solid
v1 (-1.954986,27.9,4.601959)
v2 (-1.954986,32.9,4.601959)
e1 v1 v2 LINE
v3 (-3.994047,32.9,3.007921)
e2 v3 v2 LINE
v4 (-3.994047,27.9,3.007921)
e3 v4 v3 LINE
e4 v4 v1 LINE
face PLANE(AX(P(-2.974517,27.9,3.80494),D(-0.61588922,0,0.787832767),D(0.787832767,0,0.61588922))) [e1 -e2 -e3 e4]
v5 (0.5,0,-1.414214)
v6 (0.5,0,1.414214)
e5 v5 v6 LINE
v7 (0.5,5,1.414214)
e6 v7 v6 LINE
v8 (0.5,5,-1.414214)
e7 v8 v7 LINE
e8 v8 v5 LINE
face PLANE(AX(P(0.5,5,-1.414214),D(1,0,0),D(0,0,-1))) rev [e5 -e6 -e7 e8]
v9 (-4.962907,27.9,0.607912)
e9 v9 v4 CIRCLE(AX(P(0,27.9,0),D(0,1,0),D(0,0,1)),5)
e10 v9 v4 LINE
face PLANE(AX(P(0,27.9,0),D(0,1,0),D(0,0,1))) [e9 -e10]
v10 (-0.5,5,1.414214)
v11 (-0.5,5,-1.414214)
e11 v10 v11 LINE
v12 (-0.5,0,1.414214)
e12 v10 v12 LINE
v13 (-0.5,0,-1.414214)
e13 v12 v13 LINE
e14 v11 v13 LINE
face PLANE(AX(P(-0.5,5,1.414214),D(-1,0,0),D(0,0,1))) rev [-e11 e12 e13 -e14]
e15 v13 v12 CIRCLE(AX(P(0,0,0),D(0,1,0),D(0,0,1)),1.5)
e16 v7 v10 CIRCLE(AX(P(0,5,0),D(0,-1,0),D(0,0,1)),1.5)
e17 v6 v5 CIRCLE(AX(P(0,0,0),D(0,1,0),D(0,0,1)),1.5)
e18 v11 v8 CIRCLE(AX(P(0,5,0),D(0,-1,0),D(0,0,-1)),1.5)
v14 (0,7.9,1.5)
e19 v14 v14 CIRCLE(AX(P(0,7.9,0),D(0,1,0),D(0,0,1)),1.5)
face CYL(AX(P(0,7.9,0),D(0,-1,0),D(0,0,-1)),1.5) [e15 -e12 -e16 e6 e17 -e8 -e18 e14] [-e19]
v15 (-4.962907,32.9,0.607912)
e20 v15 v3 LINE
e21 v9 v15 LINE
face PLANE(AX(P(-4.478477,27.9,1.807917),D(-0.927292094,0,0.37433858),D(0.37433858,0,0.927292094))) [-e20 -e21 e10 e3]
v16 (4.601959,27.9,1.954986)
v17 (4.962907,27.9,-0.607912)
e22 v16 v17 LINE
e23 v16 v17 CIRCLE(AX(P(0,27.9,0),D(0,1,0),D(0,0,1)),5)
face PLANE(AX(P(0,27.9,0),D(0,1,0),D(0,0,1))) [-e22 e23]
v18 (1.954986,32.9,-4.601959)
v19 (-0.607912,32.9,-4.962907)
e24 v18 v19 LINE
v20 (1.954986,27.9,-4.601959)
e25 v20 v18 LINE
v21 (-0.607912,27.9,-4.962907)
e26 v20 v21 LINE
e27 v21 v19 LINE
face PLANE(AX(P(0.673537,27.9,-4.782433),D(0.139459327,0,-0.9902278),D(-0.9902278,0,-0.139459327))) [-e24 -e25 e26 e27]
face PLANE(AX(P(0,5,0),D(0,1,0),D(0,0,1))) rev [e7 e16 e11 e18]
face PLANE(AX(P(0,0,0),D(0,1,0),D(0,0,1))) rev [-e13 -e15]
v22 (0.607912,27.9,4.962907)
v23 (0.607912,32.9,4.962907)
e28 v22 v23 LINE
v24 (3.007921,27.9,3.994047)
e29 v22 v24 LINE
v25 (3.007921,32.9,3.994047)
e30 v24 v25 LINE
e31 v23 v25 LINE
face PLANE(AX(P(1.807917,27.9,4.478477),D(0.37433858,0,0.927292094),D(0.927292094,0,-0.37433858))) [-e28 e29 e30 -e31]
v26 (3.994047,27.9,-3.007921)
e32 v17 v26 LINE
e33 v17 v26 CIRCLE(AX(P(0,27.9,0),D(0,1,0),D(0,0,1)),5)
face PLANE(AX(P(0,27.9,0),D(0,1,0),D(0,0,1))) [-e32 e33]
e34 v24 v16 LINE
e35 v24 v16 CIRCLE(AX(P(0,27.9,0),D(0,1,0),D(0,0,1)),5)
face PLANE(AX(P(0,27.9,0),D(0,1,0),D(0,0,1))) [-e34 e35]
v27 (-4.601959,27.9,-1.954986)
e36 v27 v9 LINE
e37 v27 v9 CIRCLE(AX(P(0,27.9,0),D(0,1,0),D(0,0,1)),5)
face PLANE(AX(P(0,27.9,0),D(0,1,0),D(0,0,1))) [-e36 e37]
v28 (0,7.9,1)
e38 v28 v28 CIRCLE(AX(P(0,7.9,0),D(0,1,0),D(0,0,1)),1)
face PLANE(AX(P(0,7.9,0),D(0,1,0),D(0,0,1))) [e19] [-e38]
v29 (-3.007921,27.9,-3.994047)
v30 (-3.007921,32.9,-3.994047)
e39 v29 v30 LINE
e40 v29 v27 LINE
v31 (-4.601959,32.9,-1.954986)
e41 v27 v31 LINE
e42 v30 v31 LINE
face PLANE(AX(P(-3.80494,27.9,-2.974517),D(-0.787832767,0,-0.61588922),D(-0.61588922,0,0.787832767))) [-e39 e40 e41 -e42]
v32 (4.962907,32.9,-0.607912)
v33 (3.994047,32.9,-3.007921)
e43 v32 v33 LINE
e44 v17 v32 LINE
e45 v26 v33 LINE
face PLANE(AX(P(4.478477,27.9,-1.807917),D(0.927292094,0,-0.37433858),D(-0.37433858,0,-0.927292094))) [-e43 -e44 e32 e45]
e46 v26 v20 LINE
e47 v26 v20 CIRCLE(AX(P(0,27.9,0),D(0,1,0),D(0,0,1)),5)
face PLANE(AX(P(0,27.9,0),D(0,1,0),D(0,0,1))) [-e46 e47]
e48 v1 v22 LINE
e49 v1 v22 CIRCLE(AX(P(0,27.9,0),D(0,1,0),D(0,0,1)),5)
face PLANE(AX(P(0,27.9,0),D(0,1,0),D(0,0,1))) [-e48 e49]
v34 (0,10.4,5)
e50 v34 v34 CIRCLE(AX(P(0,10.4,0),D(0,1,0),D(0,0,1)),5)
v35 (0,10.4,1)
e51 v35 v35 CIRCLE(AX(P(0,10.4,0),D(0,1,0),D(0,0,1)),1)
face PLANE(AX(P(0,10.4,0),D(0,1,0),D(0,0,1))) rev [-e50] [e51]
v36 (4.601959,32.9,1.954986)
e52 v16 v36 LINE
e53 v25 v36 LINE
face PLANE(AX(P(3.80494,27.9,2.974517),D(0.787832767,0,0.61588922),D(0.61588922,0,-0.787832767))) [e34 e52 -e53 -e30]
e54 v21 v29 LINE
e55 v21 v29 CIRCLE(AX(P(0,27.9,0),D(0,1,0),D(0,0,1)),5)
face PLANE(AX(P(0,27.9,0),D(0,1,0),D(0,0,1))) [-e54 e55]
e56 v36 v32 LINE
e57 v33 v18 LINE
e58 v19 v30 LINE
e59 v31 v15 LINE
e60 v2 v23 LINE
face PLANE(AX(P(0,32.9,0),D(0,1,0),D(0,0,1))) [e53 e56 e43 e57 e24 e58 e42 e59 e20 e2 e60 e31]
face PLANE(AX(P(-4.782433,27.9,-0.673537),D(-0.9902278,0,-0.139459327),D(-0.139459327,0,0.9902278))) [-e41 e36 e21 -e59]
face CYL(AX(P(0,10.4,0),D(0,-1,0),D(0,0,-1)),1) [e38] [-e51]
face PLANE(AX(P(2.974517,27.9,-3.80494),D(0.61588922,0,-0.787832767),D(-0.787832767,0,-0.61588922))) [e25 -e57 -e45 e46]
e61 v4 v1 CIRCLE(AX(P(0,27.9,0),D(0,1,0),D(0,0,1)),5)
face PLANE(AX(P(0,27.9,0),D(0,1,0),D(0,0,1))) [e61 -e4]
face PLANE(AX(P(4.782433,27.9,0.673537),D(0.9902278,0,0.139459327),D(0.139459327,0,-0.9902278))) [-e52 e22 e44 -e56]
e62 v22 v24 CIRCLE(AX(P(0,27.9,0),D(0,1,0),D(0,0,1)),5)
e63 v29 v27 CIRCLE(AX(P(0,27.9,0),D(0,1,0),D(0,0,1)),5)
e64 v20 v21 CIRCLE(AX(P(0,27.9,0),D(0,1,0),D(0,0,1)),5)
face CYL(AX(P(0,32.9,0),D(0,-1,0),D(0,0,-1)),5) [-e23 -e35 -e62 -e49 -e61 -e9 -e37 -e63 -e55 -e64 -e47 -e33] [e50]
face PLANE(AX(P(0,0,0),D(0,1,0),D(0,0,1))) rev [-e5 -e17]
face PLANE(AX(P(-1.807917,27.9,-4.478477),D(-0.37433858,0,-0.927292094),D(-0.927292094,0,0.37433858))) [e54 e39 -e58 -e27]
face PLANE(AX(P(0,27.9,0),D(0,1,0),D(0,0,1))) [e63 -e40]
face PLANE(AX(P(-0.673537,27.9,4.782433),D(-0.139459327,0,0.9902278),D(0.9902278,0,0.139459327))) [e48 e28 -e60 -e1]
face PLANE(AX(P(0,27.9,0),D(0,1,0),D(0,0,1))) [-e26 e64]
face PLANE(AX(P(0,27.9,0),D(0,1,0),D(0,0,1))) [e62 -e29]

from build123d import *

# Parameters (mm, degrees)
SKETCH_1_R          = 1.5
EXTRUDE_1_DEPTH     = 7.9
CUT_EXTRUDE_1_DEPTH = 5
SKETCH_3_R          = 1
EXTRUDE_2_DEPTH     = 2.5
SKETCH_4_R          = 5
EXTRUDE_3_DEPTH     = 22.5
CUT_EXTRUDE_START   = -5
CUT_EXTRUDE_3_DEPTH = 5


with BuildPart() as part:
    # 草图1 → 凸台-拉伸1 (new body)
    with BuildSketch(Plane(origin=(0, 0, 0), x_dir=(1, 0, 0), z_dir=(0, 1, 0))):
        with Locations(Location((0, 0, 0), (0, 0, 270))):
            Circle(SKETCH_1_R)
    extrude(amount=EXTRUDE_1_DEPTH)

    # 草图2 → 切除-拉伸1 (cut)
    with BuildSketch(Plane.XZ):
        with BuildLine():
            Line((-0.5, 1.414213562), (-0.5, -1.414213562))
            ThreePointArc((-0.5, -1.414213562), (0, -1.5), (0.5, -1.414213562))
            Line((0.5, -1.414213562), (0.5, 1.414213562))
            ThreePointArc((0.5, 1.414213562), (0, 1.5), (-0.5, 1.414213562))
        make_face()
    extrude(amount=-CUT_EXTRUDE_1_DEPTH, mode=Mode.SUBTRACT)

    # 草图3 → 凸台-拉伸2 (add)
    with BuildSketch(Plane(origin=(0, 7.9, 0), x_dir=(1, 0, 0), z_dir=(0, 1, 0))):
        with Locations(Location((0, 0, 0), (0, 0, 270))):
            Circle(SKETCH_3_R)
    extrude(amount=EXTRUDE_2_DEPTH)

    # 草图4 → 凸台-拉伸3 (add)
    with BuildSketch(Plane(origin=(0, 10.4, 0), x_dir=(1, 0, 0), z_dir=(0, 1, 0))):
        with Locations(Location((0, 0, 0), (0, 0, 90))):
            Circle(SKETCH_4_R)
    extrude(amount=EXTRUDE_3_DEPTH)

    # 草图5 → 切除-拉伸3 (cut)
    with BuildSketch(Plane(origin=(0, 32.9, 0), x_dir=(1, 0, 0), z_dir=(0, 1, 0)).offset(CUT_EXTRUDE_START)):
        with BuildLine():
            ThreePointArc((-1.954985899, -4.60195938), (-0.697296637, -4.951139), (0.607912238, -4.96290668))
            Line((0.607912238, -4.96290668), (-1.954985899, -4.60195938))
        make_face()
        with BuildLine():
            ThreePointArc((0.607912238, -4.96290668), (1.871692898, -4.63646047), (3.007920781, -3.994047142))
            Line((3.007920781, -3.994047142), (0.607912238, -4.96290668))
        make_face()
        with BuildLine():
            ThreePointArc((3.007920781, -3.994047142), (3.939163833, -3.079446102), (4.60195938, -1.954985899))
            Line((4.60195938, -1.954985899), (3.007920781, -3.994047142))
        make_face()
        with BuildLine():
            ThreePointArc((5, 0), (4.990718054, 0.304521429), (4.96290668, 0.607912238))
            Line((4.96290668, 0.607912238), (4.60195938, -1.954985899))
            ThreePointArc((4.60195938, -1.954985899), (4.899479406, -0.997547768), (5, 0))
        make_face()
        with BuildLine():
            ThreePointArc((4.96290668, 0.607912238), (4.63646047, 1.871692898), (3.994047142, 3.007920781))
            Line((3.994047142, 3.007920781), (4.96290668, 0.607912238))
        make_face()
        with BuildLine():
            Line((-1.954985899, -4.60195938), (-3.994047142, -3.007920781))
            ThreePointArc((-3.994047142, -3.007920781), (-3.079446102, -3.939163833), (-1.954985899, -4.60195938))
        make_face()
        with BuildLine():
            Line((-3.994047142, -3.007920781), (-4.96290668, -0.607912238))
            ThreePointArc((-4.96290668, -0.607912238), (-4.63646047, -1.871692898), (-3.994047142, -3.007920781))
        make_face()
        with BuildLine():
            Line((-4.96290668, -0.607912238), (-4.60195938, 1.954985899))
            ThreePointArc((-4.60195938, 1.954985899), (-4.951139, 0.697296637), (-4.96290668, -0.607912238))
        make_face()
        with BuildLine():
            Line((-4.60195938, 1.954985899), (-3.007920781, 3.994047142))
            ThreePointArc((-3.007920781, 3.994047142), (-3.939163833, 3.079446102), (-4.60195938, 1.954985899))
        make_face()
        with BuildLine():
            Line((-3.007920781, 3.994047142), (-0.607912238, 4.96290668))
            ThreePointArc((-0.607912238, 4.96290668), (-1.871692898, 4.63646047), (-3.007920781, 3.994047142))
        make_face()
        with BuildLine():
            Line((-0.607912238, 4.96290668), (1.954985899, 4.60195938))
            ThreePointArc((1.954985899, 4.60195938), (0.697296637, 4.951139), (-0.607912238, 4.96290668))
        make_face()
        with BuildLine():
            ThreePointArc((3.994047142, 3.007920781), (3.079446102, 3.939163833), (1.954985899, 4.60195938))
            Line((1.954985899, 4.60195938), (3.994047142, 3.007920781))
        make_face()
    extrude(amount=CUT_EXTRUDE_3_DEPTH, mode=Mode.SUBTRACT)


solid = part.part
